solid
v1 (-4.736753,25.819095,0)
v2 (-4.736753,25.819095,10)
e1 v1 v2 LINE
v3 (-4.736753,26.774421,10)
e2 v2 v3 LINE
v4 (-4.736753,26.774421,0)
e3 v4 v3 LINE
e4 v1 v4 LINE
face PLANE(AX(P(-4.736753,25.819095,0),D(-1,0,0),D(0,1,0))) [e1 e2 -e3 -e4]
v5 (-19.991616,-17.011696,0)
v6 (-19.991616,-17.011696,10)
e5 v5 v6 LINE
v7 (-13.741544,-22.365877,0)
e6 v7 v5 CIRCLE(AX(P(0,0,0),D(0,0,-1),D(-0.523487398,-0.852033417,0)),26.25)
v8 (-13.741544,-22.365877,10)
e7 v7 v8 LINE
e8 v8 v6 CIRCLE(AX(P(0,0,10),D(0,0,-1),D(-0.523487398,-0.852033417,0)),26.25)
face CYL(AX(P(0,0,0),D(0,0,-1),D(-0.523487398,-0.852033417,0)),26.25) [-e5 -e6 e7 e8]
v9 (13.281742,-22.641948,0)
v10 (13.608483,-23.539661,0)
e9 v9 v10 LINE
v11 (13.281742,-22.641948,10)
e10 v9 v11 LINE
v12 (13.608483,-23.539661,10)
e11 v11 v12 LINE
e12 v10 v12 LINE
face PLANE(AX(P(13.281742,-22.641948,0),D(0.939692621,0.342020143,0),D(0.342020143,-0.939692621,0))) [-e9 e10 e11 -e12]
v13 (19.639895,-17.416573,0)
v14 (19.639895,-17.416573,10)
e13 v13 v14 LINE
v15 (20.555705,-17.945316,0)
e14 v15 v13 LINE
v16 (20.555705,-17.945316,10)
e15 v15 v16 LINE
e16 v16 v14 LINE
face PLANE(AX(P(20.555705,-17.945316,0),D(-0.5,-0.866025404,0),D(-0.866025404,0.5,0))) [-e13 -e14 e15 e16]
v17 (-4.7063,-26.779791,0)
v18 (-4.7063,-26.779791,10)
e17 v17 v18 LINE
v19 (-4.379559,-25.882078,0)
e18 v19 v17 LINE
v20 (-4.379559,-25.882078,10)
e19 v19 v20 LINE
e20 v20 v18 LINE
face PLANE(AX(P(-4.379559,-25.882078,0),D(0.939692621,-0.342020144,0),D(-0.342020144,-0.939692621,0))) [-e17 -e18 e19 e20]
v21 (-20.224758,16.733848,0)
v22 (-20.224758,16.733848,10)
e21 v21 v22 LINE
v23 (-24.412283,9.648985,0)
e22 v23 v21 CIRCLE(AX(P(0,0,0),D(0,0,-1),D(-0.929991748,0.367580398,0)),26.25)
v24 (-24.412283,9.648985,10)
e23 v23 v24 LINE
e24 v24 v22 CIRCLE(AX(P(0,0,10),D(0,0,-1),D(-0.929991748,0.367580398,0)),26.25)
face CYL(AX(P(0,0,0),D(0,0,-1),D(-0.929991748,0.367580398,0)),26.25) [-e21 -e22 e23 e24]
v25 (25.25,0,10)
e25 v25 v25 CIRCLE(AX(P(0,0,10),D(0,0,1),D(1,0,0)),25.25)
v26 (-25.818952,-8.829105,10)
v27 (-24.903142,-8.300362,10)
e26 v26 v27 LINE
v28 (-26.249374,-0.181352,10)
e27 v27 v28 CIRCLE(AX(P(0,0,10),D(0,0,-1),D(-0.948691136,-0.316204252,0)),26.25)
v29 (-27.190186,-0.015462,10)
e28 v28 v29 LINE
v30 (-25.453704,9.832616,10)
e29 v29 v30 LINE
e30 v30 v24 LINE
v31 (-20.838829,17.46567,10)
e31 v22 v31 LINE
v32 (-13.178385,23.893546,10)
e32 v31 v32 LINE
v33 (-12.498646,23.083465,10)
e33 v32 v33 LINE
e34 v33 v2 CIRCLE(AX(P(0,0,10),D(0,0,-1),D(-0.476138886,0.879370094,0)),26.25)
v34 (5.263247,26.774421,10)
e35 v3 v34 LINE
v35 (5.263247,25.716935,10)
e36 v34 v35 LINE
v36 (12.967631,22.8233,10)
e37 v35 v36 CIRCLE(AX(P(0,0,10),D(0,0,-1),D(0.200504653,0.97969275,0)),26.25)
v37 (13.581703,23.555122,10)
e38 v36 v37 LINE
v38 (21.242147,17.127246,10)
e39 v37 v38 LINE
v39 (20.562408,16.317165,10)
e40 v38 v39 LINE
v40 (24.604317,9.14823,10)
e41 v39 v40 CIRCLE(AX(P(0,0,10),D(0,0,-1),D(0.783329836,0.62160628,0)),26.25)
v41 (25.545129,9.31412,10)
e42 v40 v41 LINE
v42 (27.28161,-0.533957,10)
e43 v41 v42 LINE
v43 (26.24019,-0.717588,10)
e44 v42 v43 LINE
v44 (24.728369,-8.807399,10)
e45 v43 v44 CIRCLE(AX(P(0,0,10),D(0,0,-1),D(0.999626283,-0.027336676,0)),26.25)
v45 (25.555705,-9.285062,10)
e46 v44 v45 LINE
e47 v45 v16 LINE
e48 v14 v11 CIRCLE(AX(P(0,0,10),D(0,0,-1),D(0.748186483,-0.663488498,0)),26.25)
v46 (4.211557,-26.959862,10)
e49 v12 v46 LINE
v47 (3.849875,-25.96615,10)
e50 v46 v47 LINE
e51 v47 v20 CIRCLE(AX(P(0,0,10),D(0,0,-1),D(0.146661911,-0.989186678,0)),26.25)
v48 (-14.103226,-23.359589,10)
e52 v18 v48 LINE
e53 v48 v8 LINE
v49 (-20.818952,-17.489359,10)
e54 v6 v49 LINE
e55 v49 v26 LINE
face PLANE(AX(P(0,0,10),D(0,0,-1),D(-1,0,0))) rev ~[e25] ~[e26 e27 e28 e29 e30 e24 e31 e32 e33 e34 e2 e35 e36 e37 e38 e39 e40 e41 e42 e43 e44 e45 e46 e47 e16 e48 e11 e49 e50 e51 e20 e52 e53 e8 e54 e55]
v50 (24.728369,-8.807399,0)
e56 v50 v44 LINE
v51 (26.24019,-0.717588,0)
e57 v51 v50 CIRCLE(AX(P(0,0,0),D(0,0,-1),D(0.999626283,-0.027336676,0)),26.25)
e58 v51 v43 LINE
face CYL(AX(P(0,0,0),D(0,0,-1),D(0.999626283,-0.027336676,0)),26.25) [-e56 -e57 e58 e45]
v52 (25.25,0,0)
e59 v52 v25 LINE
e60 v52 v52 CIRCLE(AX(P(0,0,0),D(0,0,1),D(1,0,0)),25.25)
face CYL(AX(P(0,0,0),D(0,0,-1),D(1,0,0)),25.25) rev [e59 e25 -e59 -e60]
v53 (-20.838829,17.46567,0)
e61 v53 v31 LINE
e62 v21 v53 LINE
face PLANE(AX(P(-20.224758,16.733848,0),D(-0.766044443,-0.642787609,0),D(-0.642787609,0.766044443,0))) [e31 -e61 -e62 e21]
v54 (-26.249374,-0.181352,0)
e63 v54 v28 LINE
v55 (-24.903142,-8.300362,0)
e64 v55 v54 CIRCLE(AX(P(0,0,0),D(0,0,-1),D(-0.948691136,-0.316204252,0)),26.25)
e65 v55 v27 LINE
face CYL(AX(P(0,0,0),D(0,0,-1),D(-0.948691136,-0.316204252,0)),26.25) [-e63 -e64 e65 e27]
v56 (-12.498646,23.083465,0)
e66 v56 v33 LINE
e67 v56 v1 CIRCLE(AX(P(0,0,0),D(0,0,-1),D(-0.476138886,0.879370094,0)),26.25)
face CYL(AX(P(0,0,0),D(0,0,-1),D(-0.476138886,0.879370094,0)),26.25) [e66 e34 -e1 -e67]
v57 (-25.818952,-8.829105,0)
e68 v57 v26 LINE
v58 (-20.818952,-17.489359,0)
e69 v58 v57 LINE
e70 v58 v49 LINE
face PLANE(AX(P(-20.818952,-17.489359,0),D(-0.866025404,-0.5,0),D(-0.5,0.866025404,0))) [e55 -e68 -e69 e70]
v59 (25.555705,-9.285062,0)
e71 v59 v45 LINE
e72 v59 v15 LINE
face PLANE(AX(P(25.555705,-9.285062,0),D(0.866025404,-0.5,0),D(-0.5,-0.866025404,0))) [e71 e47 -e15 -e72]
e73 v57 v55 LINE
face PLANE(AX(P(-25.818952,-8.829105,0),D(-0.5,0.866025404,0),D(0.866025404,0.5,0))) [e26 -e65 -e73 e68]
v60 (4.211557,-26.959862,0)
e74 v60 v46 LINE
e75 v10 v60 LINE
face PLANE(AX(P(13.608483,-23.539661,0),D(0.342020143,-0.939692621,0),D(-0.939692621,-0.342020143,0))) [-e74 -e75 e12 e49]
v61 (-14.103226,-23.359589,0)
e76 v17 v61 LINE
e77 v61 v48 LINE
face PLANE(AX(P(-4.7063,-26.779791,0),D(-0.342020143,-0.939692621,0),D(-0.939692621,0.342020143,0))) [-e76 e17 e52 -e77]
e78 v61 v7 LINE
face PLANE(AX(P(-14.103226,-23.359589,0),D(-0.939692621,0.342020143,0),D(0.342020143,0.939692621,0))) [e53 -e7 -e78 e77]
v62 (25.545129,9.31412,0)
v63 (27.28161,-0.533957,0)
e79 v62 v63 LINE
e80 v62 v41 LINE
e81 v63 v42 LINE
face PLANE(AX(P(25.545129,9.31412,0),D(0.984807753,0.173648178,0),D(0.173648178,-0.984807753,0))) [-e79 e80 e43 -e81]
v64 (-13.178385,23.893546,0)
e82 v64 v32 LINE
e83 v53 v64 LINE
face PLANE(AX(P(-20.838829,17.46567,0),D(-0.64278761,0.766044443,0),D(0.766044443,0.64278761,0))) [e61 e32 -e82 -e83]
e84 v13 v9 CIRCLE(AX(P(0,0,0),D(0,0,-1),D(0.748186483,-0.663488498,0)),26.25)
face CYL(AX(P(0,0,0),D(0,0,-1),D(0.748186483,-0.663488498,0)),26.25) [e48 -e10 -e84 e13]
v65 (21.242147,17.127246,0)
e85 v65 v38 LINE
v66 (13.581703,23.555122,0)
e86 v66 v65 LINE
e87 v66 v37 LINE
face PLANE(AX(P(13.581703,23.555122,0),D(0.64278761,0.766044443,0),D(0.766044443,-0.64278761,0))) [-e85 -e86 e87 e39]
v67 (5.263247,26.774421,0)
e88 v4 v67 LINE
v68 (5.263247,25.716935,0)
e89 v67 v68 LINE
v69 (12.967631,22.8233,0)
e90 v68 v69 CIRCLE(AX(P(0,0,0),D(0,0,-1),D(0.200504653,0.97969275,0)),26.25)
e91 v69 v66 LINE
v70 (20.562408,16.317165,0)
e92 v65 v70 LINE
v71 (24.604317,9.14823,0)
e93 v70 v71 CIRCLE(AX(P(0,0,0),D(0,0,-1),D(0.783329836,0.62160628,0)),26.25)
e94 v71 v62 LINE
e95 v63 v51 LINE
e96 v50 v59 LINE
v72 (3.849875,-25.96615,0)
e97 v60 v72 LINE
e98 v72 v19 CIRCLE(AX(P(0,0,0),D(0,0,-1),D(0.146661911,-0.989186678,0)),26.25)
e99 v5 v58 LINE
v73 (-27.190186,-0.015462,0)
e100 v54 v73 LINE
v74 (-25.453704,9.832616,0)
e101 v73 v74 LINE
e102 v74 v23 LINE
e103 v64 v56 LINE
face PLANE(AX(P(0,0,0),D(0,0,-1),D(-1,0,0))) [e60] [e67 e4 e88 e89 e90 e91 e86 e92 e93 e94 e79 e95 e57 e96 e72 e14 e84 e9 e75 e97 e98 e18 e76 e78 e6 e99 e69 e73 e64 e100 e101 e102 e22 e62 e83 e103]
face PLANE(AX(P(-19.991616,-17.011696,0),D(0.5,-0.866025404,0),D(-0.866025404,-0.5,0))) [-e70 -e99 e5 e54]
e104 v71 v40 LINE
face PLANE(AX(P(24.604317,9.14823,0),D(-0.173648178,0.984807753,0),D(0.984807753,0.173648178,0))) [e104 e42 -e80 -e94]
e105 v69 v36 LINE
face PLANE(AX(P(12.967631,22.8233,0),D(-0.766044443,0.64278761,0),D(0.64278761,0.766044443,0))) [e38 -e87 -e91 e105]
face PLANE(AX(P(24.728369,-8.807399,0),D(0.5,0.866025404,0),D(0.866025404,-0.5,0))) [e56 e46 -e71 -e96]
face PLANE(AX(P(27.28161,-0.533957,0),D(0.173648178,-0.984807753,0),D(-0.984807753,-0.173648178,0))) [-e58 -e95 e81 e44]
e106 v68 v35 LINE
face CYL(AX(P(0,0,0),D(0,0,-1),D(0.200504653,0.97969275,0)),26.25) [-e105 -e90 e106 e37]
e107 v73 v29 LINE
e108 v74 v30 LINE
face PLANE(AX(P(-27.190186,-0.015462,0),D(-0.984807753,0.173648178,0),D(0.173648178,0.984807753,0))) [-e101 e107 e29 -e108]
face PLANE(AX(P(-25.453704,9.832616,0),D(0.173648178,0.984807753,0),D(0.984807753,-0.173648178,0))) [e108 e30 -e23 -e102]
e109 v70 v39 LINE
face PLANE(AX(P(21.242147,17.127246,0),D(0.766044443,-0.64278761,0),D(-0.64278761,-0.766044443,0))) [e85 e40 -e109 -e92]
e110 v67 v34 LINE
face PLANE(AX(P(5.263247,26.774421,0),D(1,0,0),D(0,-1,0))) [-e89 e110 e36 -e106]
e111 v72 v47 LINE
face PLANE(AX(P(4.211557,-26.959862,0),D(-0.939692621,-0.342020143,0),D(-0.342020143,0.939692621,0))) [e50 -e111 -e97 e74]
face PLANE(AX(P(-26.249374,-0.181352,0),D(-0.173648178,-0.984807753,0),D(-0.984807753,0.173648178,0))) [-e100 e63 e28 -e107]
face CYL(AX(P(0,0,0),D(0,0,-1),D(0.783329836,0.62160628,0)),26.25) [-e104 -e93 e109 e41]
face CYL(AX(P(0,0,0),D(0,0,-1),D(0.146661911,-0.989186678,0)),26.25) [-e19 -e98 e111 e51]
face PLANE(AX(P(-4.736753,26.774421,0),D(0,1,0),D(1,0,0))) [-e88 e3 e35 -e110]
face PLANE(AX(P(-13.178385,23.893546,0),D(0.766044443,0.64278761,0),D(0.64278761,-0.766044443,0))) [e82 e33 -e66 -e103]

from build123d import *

# Parameters (mm, degrees)
CROQUIS1_R              = 25.25
SALIENTE_EXTRUIR1_DEPTH = 10


with BuildPart() as part:
    # Croquis1 → Saliente-Extruir1 (new body)
    with BuildSketch(Plane.XY):
        with BuildLine():
            Line((12.967631227, 22.823300382), (13.581702718, 23.555122287))
            Line((13.581702718, 23.555122287), (21.242147149, 17.12724619))
            Line((21.242147149, 17.12724619), (20.562408201, 16.317164857))
            ThreePointArc((20.562408201, 16.317164857), (22.866059206, 12.892084254), (24.60431654, 9.148229752))
            Line((24.60431654, 9.148229752), (25.545128646, 9.31412031))
            Line((25.545128646, 9.31412031), (27.281610423, -0.53395722))
            Line((27.281610423, -0.53395722), (26.240189935, -0.717587751))
            ThreePointArc((26.240189935, -0.717587751), (25.803289612, -4.822110037), (24.728368697, -8.807399251))
            Line((24.728368697, -8.807399251), (25.555704978, -9.285062076))
            Line((25.555704978, -9.285062076), (20.555704978, -17.945316114))
            Line((20.555704978, -17.945316114), (19.639895171, -17.416573075))
            ThreePointArc((19.639895171, -17.416573075), (16.666874037, -20.27998545), (13.281742316, -22.641948261))
            Line((13.281742316, -22.641948261), (13.608482931, -23.539660724))
            Line((13.608482931, -23.539660724), (4.211556723, -26.959862157))
            Line((4.211556723, -26.959862157), (3.849875184, -25.966150294))
            ThreePointArc((3.849875184, -25.966150294), (-0.268157132, -26.248630283), (-4.379558905, -25.882078042))
            Line((-4.379558905, -25.882078042), (-4.706299521, -26.779790505))
            Line((-4.706299521, -26.779790505), (-14.103225729, -23.359589072))
            Line((-14.103225729, -23.359589072), (-13.741544189, -22.365877208))
            ThreePointArc((-13.741544189, -22.365877208), (-17.077714598, -19.935249286), (-19.991615841, -17.01169586))
            Line((-19.991615841, -17.01169586), (-20.818952122, -17.489358685))
            Line((-20.818952122, -17.489358685), (-25.818952122, -8.829104647))
            Line((-25.818952122, -8.829104647), (-24.903142315, -8.300361608))
            ThreePointArc((-24.903142315, -8.300361608), (-25.896419606, -4.293943593), (-26.249373543, -0.181352121))
            Line((-26.249373543, -0.181352121), (-27.190185649, -0.015461563))
            Line((-27.190185649, -0.015461563), (-25.453703872, 9.832615967))
            Line((-25.453703872, 9.832615967), (-24.412283385, 9.648985436))
            ThreePointArc((-24.412283385, 9.648985436), (-22.597902074, 13.35654603), (-20.224757635, 16.733848291))
            Line((-20.224757635, 16.733848291), (-20.838829125, 17.465670196))
            Line((-20.838829125, 17.465670196), (-13.178384694, 23.893546292))
            Line((-13.178384694, 23.893546292), (-12.498645746, 23.083464959))
            ThreePointArc((-12.498645746, 23.083464959), (-8.725575014, 24.757359324), (-4.736752856, 25.819095112))
            Line((-4.736752856, 25.819095112), (-4.736752856, 26.774420761))
            Line((-4.736752856, 26.774420761), (5.263247144, 26.774420761))
            Line((5.263247144, 26.774420761), (5.263247144, 25.716934683))
            ThreePointArc((5.263247144, 25.716934683), (9.229545569, 24.573929042), (12.967631227, 22.823300382))
        make_face()
        Circle(CROQUIS1_R, mode=Mode.SUBTRACT)
    extrude(amount=SALIENTE_EXTRUIR1_DEPTH)


solid = part.part
